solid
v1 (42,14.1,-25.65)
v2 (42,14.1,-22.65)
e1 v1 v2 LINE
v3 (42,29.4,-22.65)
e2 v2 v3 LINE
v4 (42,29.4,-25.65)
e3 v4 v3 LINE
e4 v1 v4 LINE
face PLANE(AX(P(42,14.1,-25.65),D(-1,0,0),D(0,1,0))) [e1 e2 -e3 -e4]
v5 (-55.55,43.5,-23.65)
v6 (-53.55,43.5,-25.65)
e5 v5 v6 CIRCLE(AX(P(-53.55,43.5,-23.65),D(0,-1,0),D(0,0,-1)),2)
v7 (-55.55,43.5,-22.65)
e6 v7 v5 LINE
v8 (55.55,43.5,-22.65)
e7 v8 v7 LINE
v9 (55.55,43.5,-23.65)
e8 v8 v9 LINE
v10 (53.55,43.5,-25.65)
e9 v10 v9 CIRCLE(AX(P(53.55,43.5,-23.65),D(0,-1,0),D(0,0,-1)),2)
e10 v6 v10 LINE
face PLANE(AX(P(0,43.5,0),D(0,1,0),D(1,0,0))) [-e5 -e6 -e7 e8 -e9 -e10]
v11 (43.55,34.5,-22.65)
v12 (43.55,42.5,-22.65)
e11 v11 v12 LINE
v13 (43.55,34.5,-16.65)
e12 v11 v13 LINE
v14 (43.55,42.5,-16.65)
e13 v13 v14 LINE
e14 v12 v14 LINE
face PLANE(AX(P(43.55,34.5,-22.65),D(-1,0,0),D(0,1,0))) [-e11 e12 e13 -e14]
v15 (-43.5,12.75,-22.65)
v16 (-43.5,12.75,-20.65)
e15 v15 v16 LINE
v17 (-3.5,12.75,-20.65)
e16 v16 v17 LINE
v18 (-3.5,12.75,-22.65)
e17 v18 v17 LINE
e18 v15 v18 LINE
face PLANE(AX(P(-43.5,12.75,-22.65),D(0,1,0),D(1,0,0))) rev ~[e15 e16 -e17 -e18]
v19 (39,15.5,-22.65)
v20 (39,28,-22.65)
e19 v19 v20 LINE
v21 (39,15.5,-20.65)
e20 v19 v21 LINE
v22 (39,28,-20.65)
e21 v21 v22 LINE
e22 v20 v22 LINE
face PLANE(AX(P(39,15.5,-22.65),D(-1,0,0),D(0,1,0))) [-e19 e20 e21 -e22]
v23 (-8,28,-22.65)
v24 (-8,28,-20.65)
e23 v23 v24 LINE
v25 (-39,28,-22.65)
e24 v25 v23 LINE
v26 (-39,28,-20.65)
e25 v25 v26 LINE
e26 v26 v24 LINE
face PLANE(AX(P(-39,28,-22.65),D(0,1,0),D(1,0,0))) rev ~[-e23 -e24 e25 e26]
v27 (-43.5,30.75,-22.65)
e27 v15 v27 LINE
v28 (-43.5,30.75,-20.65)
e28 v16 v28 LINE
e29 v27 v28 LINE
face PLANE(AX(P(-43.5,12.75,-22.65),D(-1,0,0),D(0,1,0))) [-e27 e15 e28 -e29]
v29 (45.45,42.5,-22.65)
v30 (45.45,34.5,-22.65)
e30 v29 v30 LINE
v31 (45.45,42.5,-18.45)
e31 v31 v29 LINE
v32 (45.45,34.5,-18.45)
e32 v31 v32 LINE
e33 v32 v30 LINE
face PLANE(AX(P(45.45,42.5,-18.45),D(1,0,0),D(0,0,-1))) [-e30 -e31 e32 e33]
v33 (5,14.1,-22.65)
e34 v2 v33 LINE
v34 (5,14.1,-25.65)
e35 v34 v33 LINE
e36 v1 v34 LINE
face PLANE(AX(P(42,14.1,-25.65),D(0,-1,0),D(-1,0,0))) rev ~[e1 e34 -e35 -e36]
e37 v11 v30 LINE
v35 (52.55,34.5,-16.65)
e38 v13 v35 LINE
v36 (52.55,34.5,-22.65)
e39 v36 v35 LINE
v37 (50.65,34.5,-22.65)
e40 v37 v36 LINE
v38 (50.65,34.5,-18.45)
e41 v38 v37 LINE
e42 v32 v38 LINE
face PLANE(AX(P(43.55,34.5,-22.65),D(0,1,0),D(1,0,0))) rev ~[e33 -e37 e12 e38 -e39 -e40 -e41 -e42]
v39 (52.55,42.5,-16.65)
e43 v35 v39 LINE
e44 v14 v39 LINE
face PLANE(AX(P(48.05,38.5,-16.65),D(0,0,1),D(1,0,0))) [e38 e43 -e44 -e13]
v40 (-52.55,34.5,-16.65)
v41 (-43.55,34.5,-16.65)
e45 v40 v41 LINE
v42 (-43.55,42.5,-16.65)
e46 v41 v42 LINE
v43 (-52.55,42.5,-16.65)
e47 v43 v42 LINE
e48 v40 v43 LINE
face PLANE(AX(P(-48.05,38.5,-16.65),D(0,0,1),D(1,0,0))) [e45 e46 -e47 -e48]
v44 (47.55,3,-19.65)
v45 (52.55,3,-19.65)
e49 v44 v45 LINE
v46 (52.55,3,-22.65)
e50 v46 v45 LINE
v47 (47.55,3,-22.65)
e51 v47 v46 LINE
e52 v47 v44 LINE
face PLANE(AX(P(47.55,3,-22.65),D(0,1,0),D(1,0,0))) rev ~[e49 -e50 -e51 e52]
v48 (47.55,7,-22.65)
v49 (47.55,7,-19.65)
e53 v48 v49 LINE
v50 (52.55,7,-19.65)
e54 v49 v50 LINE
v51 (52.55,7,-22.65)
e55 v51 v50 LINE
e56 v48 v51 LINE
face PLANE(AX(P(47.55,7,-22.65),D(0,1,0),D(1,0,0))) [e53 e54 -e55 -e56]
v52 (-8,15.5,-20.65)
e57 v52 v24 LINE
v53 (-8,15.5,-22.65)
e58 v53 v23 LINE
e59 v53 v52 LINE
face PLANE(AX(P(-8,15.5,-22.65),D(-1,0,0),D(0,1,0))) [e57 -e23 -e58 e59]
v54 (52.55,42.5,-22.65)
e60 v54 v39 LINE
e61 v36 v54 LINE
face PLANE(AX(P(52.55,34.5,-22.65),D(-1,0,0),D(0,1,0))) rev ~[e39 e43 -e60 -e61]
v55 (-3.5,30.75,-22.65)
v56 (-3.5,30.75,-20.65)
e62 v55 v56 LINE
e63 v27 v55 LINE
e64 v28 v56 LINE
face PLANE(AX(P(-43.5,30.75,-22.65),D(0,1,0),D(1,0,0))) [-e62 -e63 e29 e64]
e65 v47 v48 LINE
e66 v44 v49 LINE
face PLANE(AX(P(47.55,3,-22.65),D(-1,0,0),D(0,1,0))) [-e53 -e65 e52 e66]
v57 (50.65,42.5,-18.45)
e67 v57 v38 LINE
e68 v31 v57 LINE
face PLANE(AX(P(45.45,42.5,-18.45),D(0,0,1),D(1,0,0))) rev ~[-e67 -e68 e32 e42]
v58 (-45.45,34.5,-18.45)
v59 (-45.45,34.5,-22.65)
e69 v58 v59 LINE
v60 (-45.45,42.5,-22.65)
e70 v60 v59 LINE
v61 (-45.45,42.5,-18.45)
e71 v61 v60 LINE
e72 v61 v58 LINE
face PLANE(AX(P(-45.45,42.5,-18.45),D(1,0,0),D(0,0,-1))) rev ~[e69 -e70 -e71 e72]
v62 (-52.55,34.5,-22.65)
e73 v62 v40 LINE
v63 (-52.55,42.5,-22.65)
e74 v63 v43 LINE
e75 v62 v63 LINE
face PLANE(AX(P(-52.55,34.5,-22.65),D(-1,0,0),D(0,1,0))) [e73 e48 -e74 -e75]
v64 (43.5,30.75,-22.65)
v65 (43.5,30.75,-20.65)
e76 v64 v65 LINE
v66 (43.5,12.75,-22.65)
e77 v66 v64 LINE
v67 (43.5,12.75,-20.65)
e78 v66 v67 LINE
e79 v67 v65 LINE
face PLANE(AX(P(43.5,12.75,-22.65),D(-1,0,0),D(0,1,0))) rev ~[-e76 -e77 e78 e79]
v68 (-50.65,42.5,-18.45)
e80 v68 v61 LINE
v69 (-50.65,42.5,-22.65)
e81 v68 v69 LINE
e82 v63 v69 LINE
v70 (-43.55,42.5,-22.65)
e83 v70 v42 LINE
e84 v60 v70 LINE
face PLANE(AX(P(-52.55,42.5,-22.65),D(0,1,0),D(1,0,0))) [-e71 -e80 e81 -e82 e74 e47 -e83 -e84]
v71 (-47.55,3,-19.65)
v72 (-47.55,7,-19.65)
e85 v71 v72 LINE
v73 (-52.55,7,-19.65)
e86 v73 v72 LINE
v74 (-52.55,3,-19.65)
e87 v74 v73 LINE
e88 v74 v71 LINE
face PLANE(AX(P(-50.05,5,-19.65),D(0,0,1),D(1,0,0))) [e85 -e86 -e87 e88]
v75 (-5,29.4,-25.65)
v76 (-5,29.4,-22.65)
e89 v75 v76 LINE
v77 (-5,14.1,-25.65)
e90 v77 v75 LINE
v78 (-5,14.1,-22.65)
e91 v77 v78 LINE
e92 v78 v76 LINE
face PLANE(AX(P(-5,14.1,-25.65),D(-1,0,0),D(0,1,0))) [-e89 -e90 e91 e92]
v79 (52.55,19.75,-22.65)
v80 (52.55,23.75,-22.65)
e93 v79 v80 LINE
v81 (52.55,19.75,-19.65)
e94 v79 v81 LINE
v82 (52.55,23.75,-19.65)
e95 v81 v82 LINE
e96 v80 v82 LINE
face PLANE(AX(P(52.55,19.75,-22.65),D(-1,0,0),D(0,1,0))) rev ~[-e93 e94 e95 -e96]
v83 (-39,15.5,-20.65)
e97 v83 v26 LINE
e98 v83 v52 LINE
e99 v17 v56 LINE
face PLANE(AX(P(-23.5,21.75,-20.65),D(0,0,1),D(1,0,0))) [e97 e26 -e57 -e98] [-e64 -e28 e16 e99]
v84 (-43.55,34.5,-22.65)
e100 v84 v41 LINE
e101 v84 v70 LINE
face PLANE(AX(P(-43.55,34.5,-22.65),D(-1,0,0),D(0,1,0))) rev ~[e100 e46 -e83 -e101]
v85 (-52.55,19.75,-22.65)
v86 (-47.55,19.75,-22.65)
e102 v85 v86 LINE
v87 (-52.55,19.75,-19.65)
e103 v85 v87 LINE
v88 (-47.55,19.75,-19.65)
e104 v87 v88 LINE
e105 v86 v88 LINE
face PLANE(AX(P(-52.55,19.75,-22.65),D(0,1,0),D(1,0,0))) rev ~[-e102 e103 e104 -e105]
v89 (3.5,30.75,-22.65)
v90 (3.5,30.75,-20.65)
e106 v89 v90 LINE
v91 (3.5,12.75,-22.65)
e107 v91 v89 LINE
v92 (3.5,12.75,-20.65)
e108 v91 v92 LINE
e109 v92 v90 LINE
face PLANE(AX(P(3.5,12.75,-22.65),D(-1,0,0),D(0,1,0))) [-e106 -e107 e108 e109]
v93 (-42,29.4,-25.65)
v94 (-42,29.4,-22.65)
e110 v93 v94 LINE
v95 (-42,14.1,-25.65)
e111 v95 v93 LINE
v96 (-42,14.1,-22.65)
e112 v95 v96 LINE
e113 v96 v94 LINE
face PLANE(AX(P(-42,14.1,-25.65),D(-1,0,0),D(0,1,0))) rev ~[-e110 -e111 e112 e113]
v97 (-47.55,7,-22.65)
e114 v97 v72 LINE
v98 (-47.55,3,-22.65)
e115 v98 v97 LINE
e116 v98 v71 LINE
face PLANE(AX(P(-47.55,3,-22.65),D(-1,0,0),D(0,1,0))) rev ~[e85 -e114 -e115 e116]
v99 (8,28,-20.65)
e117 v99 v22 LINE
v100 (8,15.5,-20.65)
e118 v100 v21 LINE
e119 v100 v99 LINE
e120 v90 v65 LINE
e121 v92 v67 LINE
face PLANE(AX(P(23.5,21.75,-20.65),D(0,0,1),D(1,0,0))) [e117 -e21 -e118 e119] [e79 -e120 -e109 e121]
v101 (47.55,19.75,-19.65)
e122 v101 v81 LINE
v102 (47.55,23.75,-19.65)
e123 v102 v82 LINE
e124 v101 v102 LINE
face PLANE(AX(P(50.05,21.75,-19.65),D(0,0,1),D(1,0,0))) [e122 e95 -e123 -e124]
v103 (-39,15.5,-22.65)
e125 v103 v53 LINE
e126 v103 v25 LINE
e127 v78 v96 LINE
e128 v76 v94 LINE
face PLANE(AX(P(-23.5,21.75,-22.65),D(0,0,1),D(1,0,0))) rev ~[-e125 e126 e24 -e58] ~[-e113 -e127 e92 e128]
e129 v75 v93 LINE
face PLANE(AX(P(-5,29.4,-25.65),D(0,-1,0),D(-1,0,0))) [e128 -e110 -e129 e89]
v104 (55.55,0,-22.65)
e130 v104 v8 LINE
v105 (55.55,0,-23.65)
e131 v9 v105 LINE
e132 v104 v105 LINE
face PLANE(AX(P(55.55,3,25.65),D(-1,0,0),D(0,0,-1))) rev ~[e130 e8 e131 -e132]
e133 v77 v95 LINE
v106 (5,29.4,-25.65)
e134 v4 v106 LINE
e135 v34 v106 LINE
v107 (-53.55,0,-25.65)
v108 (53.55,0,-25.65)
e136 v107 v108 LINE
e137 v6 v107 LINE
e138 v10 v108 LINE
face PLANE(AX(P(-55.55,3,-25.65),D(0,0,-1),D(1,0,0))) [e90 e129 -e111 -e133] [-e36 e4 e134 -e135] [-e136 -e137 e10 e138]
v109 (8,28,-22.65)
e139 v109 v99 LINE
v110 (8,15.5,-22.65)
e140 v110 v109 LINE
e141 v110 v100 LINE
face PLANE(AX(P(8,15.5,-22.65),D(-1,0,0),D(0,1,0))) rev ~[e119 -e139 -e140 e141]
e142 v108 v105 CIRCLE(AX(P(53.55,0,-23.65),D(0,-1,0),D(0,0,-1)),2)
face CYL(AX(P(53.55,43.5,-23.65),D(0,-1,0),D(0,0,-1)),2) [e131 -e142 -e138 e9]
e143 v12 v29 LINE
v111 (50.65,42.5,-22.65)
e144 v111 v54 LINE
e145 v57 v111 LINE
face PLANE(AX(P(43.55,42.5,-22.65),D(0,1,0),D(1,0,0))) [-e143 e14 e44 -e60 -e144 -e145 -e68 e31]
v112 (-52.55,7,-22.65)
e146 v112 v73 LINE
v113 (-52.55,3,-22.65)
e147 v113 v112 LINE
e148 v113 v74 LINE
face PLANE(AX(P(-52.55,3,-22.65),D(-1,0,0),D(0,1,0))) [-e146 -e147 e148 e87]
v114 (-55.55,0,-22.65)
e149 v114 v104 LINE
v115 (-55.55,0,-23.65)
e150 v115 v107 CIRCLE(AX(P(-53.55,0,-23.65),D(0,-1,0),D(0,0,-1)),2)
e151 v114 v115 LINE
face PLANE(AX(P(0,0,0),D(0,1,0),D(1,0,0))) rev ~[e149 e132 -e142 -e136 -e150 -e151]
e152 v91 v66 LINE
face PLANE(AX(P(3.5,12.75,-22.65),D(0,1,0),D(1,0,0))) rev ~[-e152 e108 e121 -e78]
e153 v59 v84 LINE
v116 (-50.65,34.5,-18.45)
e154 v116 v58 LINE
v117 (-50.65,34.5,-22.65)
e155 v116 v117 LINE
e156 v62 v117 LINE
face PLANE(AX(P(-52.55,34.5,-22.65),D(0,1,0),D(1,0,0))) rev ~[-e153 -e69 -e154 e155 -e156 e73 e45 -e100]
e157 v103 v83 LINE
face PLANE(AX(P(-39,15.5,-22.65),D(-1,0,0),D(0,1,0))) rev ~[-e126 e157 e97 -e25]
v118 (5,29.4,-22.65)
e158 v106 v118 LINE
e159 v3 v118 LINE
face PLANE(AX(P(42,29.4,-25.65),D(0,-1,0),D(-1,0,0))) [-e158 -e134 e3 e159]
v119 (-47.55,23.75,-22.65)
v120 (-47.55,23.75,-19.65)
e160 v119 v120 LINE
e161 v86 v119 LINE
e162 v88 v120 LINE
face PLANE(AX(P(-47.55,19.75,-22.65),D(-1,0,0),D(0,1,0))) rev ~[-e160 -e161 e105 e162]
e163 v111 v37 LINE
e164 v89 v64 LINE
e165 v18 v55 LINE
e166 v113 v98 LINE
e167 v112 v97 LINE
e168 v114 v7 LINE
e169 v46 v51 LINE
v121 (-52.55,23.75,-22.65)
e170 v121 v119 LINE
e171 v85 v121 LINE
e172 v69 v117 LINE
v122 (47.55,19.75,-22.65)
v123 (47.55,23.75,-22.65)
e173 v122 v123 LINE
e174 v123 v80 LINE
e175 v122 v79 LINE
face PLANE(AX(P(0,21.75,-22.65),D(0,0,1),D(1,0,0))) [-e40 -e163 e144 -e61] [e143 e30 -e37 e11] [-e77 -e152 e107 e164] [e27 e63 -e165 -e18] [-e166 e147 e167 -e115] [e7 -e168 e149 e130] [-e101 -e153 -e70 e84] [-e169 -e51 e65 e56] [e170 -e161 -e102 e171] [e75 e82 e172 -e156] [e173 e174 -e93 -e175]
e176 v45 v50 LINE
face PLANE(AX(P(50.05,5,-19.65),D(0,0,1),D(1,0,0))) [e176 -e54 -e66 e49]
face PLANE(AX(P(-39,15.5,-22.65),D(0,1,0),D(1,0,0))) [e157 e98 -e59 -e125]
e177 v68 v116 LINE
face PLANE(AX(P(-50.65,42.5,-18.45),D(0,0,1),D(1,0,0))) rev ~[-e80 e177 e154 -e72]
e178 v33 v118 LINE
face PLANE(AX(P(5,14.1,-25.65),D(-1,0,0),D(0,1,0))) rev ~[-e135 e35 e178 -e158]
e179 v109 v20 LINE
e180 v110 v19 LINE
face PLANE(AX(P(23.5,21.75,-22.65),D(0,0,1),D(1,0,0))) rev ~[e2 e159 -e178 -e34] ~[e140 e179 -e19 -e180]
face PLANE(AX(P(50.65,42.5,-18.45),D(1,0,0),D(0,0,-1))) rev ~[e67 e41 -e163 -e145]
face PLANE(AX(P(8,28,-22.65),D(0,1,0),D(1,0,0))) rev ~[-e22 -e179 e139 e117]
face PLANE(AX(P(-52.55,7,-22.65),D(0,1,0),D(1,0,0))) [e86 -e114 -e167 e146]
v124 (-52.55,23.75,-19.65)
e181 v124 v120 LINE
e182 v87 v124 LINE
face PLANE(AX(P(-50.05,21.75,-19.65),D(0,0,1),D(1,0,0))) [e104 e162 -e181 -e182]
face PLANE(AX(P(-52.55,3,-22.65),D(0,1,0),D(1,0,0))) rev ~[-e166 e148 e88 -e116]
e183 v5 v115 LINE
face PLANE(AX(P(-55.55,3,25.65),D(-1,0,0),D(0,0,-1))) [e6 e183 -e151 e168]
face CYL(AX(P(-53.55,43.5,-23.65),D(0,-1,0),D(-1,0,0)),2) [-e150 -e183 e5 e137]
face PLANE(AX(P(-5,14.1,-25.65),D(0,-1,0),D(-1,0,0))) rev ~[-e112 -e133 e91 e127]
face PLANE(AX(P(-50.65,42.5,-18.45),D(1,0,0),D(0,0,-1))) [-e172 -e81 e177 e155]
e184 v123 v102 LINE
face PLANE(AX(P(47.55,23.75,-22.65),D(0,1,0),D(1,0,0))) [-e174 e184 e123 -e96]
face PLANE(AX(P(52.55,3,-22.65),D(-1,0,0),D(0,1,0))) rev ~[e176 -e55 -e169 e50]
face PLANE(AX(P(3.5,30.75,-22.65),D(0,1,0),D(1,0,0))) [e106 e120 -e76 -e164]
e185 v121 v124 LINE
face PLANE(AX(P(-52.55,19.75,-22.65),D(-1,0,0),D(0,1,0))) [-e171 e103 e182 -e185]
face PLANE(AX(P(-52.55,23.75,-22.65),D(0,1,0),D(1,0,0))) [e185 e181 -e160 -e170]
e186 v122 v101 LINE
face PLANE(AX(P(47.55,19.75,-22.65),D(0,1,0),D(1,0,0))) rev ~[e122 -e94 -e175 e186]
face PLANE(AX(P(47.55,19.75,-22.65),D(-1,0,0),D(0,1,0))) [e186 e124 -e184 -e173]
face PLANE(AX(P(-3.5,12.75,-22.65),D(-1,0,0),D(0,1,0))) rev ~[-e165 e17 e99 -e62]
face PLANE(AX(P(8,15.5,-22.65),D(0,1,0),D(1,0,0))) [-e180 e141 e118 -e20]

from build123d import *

# Parameters (mm, degrees)
SKETCH1_W           = 111.1
SKETCH1_H           = 51.3
BOSS_EXTRUDE1_DEPTH = 3
SKETCH2_W           = 111.1
SKETCH2_H           = 51.3
SKETCH2_W_2         = 105.3
SKETCH2_H_2         = 45.3
BOSS_EXTRUDE2_DEPTH = 40.5
SKETCH10_W          = 126.244554882
SKETCH10_H          = 68.697179438
CUT_EXTRUDE2_DEPTH  = 53
SKETCH11_W          = 5
SKETCH11_H          = 4
BOSS_EXTRUDE7_DEPTH = 3
SKETCH12_W          = 9
SKETCH12_H          = 8
BOSS_EXTRUDE8_DEPTH = 6
SKETCH13_W          = 5.2
SKETCH13_H          = 4.2
CUT_EXTRUDE3_DEPTH  = 12
FILLET2_R           = 2
SKETCH5_W           = 37
SKETCH5_H           = 15.3
CUT_EXTRUDE5_DEPTH  = 3
SKETCH15_W          = 40
SKETCH15_H          = 18
SKETCH15_W_2        = 31
SKETCH15_H_2        = 12.5
BOSS_EXTRUDE9_DEPTH = 2


with BuildPart() as part:
    # Sketch1 → Boss-Extrude1 (new body)
    with BuildSketch(Plane(origin=(0, 0, 0), x_dir=(1, 0, 0), z_dir=(0, 1, 0))):
        Rectangle(SKETCH1_W, SKETCH1_H)
    extrude(amount=BOSS_EXTRUDE1_DEPTH)

    # Sketch2 → Boss-Extrude2 (add)
    with BuildSketch(Plane(origin=(0, 3, 0), x_dir=(1, 0, 0), z_dir=(0, 1, 0))):
        Rectangle(SKETCH2_W, SKETCH2_H)
        Rectangle(SKETCH2_W_2, SKETCH2_H_2, mode=Mode.SUBTRACT)
    extrude(amount=BOSS_EXTRUDE2_DEPTH)

    # Sketch10 → Cut-Extrude2 (cut)
    with BuildSketch(Plane.XY.offset(-22.65)):
        with Locations((0, 21.75)):
            Rectangle(SKETCH10_W, SKETCH10_H)
    extrude(amount=CUT_EXTRUDE2_DEPTH, mode=Mode.SUBTRACT)

    # Sketch11 → Boss-Extrude7 (add)
    with BuildSketch(Plane.XY.offset(-22.65)):
        with Locations((-50.05, 21.75)):
            Rectangle(SKETCH11_W, SKETCH11_H)
        with Locations((-50.05, 5)):
            Rectangle(SKETCH11_W, SKETCH11_H)
        with Locations((50.05, 5)):
            Rectangle(SKETCH11_W, SKETCH11_H)
        with Locations((50.05, 21.75)):
            Rectangle(SKETCH11_W, SKETCH11_H)
    extrude(amount=BOSS_EXTRUDE7_DEPTH)

    # Sketch12 → Boss-Extrude8 (add)
    with BuildSketch(Plane.XY.offset(-22.65)):
        with Locations((-48.05, 38.5)):
            Rectangle(SKETCH12_W, SKETCH12_H)
        with Locations((48.05, 38.5)):
            Rectangle(SKETCH12_W, SKETCH12_H)
    extrude(amount=BOSS_EXTRUDE8_DEPTH)

    # Sketch13 → Cut-Extrude3 (cut)
    with BuildSketch(Plane(origin=(0, 42.5, 0), x_dir=(1, 0, 0), z_dir=(0, 1, 0))):
        with Locations((-48.05, 20.55)):
            Rectangle(SKETCH13_W, SKETCH13_H)
        with Locations((48.05, 20.55)):
            Rectangle(SKETCH13_W, SKETCH13_H)
    extrude(amount=-CUT_EXTRUDE3_DEPTH, mode=Mode.SUBTRACT)

    # Fillet2
    fillet2_edges = [part.edges().sort_by_distance(p)[0] for p in [
        (-55.55, 21.75, -25.65),
        (55.55, 21.75, -25.65),
    ]]
    fillet(fillet2_edges, radius=FILLET2_R)

    # Sketch5 → Cut-Extrude5 (cut)
    with BuildSketch(Plane(origin=(0, 0, -25.65), x_dir=(-1, 0, 0), z_dir=(0, 0, -1))):
        with Locations((23.5, 21.75)):
            Rectangle(SKETCH5_W, SKETCH5_H)
        with Locations((-23.5, 21.75)):
            Rectangle(SKETCH5_W, SKETCH5_H)
    extrude(amount=-CUT_EXTRUDE5_DEPTH, mode=Mode.SUBTRACT)

    # Sketch15 → Boss-Extrude9 (add)
    # profile 1 of 2: a face of its own
    with BuildSketch(Plane.XY.offset(-22.65)):
        with Locations((23.5, 21.75)):
            Rectangle(SKETCH15_W, SKETCH15_H)
        with Locations((23.5, 21.75)):
            Rectangle(SKETCH15_W_2, SKETCH15_H_2, mode=Mode.SUBTRACT)
    # profile 2 of 2: a face of its own
    with BuildSketch(Plane.XY.offset(-22.65)):
        with Locations((-23.5, 21.75)):
            Rectangle(SKETCH15_W, SKETCH15_H)
        with Locations((-23.5, 21.75)):
            Rectangle(SKETCH15_W_2, SKETCH15_H_2, mode=Mode.SUBTRACT)
    extrude(amount=BOSS_EXTRUDE9_DEPTH)


solid = part.part
